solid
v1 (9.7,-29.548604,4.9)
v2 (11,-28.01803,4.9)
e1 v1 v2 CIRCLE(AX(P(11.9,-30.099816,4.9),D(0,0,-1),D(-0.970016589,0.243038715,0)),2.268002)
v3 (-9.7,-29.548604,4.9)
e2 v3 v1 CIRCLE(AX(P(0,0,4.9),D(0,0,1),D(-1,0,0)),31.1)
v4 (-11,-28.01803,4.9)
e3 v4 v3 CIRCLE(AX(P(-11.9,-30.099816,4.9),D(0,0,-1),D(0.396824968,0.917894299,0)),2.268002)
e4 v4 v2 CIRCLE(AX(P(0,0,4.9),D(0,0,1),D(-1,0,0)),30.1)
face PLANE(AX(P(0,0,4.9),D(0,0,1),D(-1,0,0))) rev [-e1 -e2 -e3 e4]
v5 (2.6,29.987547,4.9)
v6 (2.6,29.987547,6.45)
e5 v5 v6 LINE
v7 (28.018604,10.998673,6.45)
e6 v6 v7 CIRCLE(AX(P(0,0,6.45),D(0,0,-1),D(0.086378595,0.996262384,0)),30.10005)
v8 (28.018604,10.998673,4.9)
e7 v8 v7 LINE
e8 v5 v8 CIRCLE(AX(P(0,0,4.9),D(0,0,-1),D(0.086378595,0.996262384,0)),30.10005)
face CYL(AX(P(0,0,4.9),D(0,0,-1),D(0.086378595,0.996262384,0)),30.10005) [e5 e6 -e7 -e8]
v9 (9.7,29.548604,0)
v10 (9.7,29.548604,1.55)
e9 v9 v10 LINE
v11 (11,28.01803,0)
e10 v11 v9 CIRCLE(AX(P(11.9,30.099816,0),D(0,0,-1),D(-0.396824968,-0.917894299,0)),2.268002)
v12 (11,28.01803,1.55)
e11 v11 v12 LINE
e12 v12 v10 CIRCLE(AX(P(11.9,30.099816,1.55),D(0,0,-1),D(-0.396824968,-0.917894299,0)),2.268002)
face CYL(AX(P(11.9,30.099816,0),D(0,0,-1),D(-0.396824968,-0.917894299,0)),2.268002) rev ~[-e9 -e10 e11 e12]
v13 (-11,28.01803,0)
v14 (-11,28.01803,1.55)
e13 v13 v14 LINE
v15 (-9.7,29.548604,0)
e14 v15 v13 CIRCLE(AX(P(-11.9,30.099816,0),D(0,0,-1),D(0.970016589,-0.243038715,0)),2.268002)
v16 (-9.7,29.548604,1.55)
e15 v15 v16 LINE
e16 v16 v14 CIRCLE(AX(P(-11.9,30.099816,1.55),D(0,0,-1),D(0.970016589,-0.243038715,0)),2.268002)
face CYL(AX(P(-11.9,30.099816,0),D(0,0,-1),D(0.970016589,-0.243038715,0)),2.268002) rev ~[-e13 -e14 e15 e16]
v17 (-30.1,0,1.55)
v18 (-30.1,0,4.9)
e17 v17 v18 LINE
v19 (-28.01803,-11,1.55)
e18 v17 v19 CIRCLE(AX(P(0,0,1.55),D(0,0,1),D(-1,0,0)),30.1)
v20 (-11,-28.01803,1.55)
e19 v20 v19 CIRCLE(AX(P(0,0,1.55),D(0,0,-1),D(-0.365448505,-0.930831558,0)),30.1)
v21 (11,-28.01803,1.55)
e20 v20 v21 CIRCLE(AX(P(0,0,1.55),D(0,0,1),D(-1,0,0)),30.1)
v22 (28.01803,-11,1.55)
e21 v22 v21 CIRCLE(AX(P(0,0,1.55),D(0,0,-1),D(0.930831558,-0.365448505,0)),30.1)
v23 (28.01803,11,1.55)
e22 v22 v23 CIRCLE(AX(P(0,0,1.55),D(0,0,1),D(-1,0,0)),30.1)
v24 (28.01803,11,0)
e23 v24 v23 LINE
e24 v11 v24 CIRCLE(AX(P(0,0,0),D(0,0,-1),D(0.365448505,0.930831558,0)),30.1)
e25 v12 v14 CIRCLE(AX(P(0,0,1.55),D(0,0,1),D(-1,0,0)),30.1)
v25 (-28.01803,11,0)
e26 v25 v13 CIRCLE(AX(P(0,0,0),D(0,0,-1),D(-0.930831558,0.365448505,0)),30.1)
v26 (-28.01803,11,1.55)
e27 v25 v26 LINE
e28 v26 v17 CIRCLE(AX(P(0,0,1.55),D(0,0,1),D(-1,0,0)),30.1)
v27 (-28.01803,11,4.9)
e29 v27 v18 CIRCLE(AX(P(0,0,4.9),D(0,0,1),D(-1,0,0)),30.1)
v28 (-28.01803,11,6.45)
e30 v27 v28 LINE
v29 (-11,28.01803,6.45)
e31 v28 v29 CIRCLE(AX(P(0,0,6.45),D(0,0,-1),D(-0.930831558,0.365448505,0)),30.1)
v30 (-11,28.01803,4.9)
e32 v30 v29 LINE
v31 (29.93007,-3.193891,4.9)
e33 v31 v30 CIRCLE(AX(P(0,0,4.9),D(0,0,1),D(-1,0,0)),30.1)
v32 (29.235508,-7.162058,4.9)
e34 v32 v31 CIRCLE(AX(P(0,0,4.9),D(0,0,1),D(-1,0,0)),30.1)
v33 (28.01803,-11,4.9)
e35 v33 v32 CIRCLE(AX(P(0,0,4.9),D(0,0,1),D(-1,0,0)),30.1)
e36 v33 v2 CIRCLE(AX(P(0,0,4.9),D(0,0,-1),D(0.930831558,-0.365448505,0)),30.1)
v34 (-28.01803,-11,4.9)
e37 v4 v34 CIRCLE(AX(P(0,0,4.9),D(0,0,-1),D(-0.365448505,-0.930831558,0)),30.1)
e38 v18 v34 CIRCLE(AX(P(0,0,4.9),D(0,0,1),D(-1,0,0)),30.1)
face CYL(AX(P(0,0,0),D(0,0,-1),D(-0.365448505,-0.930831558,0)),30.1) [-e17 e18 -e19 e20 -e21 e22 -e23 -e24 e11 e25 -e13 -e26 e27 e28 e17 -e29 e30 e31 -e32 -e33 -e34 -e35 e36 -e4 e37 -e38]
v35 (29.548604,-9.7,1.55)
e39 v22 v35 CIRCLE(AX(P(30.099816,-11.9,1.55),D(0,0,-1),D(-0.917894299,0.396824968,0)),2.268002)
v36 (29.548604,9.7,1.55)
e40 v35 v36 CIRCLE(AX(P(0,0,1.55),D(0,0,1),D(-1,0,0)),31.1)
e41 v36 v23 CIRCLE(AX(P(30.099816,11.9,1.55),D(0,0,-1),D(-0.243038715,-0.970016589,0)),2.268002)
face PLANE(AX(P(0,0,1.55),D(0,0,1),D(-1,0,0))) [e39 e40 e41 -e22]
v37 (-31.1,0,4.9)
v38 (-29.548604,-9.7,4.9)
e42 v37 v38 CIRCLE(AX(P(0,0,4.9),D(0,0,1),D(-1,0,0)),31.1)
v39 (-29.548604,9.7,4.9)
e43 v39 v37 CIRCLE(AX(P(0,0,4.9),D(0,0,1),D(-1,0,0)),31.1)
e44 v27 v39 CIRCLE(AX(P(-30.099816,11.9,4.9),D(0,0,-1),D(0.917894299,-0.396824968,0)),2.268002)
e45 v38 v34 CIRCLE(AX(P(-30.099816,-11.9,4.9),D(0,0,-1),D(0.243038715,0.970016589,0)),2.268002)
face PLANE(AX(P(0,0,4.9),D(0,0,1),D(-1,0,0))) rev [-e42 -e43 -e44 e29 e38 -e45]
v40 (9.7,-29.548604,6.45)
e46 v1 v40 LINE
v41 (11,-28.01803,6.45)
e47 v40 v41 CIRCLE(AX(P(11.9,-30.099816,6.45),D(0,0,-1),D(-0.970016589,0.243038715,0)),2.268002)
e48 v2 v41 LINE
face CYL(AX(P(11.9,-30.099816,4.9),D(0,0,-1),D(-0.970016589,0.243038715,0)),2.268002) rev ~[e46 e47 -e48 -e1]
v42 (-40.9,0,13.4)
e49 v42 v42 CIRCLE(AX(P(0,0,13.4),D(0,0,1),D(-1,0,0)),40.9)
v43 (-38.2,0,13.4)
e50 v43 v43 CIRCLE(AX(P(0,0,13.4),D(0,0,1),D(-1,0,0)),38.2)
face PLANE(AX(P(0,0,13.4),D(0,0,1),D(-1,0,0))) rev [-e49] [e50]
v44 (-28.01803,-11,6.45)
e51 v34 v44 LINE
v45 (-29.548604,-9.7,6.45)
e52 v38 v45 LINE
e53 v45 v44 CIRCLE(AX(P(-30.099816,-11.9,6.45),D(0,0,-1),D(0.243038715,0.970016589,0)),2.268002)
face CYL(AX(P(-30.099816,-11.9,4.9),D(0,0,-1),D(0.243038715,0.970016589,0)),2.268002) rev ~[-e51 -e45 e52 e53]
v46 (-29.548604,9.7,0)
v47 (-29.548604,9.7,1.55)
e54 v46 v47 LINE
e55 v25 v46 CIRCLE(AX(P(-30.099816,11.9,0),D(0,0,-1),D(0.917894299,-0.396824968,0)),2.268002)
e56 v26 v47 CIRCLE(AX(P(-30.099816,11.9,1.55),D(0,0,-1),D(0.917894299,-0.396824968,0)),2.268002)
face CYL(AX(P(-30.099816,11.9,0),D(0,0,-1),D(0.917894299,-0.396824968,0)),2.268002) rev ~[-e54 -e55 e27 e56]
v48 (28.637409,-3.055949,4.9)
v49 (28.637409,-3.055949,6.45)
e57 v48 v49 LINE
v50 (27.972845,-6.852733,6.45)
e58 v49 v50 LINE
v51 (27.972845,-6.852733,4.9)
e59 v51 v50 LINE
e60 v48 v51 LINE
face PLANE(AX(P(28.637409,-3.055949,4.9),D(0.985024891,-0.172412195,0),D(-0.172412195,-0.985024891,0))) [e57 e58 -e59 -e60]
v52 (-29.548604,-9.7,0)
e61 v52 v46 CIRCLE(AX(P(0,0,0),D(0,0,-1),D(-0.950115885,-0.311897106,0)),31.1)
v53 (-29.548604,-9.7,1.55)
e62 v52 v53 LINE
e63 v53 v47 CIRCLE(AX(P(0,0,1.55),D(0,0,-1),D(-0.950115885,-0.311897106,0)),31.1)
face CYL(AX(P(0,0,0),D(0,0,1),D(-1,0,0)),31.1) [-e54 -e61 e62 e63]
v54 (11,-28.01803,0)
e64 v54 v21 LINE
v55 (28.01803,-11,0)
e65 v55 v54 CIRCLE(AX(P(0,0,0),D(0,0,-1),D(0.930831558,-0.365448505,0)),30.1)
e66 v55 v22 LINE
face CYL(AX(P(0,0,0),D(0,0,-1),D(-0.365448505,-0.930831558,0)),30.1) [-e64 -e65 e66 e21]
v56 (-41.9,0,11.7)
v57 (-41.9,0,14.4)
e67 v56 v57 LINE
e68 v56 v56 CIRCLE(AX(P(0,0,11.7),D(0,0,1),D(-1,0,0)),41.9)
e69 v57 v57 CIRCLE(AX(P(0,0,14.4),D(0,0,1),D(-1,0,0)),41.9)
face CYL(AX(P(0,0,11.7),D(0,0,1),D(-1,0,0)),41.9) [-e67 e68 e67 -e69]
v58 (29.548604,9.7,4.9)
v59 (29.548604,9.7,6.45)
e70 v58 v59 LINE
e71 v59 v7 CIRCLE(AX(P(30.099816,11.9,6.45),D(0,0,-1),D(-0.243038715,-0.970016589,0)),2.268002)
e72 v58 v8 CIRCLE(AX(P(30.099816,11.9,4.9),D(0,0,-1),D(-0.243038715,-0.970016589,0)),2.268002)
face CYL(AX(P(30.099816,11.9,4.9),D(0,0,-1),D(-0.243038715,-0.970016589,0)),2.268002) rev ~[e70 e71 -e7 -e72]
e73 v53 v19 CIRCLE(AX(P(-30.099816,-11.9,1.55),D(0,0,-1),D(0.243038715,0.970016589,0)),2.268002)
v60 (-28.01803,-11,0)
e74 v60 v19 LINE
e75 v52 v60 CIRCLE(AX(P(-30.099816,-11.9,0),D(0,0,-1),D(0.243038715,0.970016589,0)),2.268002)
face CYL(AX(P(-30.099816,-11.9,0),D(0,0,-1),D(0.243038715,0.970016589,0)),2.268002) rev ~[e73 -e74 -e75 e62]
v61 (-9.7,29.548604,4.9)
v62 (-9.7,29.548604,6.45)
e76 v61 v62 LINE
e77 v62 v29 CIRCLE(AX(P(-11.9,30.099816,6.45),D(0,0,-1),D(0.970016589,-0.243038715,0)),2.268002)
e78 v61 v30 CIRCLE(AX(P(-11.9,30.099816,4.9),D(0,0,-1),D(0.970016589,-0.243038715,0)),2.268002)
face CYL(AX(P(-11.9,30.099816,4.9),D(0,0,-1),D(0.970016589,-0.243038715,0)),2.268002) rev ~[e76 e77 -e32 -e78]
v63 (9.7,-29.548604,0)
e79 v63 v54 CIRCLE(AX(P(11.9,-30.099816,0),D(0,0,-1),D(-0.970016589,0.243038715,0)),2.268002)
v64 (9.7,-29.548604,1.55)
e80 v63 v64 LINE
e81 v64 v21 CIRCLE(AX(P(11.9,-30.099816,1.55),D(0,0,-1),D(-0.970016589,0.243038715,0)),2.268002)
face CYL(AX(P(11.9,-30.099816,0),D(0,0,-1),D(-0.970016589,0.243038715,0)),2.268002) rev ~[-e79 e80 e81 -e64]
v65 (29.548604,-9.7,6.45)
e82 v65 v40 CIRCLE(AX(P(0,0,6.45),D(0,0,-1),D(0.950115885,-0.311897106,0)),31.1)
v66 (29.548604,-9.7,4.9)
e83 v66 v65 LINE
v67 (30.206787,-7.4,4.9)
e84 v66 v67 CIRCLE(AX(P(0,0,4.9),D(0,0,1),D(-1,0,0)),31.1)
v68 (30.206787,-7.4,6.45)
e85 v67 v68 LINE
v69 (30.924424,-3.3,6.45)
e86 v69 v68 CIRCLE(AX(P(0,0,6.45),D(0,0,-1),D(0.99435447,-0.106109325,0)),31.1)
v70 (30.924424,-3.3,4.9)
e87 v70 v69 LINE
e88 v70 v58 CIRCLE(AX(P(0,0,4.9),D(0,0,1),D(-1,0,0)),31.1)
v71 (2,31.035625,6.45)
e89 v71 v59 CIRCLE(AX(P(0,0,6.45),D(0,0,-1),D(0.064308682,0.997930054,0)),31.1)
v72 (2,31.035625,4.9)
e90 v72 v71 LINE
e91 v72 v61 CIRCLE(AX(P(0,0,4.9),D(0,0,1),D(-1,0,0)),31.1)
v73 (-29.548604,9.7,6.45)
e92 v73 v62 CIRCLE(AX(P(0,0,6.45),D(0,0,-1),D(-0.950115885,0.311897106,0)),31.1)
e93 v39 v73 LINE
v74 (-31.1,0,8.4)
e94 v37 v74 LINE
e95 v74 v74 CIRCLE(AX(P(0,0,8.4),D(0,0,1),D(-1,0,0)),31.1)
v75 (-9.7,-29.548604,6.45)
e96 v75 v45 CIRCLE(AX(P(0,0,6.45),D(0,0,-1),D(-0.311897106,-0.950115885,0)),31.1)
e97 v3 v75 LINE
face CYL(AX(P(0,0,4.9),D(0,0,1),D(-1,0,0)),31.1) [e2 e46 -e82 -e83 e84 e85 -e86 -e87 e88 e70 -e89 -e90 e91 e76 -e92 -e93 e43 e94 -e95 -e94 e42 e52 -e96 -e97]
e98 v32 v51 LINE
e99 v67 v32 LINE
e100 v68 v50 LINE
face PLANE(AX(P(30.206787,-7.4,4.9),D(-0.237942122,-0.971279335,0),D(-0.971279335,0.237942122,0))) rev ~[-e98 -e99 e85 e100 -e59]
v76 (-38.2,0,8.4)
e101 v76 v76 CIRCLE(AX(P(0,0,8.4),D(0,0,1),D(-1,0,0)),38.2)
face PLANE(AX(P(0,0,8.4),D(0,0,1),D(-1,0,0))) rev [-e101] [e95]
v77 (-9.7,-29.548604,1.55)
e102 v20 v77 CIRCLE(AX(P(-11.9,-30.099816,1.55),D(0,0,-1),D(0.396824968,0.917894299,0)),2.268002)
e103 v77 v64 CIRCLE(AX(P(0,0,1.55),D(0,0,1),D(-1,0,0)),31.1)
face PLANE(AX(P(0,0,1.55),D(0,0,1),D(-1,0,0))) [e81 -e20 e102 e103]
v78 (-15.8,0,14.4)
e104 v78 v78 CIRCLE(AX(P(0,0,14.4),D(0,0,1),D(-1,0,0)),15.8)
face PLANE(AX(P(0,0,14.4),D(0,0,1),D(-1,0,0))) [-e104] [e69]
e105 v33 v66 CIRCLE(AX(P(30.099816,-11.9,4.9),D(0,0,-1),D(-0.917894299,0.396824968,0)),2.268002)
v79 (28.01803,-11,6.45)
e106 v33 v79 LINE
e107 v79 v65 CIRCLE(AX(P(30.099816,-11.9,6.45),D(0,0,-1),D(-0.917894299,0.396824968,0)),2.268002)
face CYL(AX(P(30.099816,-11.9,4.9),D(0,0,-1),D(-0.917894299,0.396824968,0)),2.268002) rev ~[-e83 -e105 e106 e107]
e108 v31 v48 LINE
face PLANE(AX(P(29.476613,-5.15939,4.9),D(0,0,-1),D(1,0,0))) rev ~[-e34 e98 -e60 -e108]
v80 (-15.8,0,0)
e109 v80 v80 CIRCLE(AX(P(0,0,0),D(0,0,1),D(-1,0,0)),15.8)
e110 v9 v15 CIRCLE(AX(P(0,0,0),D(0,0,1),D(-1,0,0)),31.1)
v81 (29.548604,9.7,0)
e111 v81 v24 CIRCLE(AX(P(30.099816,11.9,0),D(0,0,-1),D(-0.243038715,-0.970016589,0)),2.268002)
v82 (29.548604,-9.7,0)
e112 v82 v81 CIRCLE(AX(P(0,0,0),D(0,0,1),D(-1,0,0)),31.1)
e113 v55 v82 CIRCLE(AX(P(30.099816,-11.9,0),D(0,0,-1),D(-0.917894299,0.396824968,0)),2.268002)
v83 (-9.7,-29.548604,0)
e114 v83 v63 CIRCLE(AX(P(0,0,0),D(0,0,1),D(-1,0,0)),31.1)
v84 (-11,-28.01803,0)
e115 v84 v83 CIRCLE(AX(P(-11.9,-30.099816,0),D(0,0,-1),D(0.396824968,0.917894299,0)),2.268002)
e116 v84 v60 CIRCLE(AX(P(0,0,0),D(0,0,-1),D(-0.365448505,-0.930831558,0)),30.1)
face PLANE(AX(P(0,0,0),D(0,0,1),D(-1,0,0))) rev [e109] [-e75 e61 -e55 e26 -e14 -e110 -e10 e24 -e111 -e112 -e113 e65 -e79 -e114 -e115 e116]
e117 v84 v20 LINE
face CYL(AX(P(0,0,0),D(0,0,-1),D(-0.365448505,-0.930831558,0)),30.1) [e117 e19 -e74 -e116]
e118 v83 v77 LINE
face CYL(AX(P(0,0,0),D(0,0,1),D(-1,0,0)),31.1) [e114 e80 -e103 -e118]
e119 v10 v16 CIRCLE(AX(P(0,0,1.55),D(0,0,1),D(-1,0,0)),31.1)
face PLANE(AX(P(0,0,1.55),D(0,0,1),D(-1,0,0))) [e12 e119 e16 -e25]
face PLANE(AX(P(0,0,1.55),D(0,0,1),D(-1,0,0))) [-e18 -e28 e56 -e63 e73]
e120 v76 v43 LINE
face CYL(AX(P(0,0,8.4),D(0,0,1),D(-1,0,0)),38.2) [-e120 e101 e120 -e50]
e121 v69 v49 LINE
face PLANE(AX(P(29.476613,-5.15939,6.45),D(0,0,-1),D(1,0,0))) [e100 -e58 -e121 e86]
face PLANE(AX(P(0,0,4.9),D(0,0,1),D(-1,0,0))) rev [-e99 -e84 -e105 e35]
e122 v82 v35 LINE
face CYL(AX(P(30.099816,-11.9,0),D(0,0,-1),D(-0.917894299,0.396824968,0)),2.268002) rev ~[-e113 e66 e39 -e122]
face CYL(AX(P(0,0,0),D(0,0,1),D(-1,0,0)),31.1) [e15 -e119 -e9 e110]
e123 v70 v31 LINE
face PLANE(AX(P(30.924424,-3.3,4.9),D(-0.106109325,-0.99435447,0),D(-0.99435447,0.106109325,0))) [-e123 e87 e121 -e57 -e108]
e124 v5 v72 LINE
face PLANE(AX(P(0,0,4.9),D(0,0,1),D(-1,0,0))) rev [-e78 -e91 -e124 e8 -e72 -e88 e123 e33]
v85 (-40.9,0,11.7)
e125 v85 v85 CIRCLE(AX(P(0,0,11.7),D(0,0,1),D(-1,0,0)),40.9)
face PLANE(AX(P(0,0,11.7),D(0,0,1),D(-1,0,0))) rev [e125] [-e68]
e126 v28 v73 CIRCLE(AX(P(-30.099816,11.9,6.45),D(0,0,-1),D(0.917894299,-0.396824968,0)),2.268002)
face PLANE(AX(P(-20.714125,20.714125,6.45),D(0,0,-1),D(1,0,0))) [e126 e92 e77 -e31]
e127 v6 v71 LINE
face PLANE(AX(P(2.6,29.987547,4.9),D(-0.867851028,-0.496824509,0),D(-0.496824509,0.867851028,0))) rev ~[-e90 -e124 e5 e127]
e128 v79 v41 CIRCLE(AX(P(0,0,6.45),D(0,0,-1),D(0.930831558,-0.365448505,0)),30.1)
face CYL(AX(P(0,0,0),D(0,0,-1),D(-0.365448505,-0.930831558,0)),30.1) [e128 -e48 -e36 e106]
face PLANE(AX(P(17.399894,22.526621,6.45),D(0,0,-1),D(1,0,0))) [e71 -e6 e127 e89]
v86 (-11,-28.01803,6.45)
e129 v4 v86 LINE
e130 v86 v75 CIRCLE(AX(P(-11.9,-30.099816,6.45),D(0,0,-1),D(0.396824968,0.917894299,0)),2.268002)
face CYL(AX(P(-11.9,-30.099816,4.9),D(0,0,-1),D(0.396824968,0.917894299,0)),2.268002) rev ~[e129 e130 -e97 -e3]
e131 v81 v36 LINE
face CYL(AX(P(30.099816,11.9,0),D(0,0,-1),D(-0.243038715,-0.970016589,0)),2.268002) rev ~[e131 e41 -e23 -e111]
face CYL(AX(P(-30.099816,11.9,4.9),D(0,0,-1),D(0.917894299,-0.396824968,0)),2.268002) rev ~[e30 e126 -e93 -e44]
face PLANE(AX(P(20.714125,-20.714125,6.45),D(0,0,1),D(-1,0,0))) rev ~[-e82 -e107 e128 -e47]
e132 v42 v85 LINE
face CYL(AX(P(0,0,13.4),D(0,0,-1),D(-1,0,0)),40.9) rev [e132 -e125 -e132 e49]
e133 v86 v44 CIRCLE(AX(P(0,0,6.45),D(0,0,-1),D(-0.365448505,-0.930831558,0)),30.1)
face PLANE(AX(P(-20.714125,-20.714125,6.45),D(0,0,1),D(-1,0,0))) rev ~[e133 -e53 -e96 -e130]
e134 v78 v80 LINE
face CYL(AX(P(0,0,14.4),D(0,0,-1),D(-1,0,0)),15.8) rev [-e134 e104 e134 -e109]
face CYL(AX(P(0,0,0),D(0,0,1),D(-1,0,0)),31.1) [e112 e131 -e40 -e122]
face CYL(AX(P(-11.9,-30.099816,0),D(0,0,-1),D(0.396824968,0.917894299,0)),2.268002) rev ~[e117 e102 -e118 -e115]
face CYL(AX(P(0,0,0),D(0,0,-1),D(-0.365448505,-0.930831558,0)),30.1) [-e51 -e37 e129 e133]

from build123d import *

# Parameters (mm, degrees)
POCKET_DEPTH    = 1.55
POCKET001_DEPTH = 1.55


with BuildPart() as part:
    # Sketch → Revolution (revolve)
    with BuildSketch(Plane.XZ):
        Polygon((-15.8, 14.4), (-15.8, 0), (-31.1, 0), (-31.1, 1.55), (-30.1, 1.55), (-30.1, 4.9), (-31.1, 4.9), (-31.1, 8.4), (-38.2, 8.4), (-38.2, 13.4), (-40.9, 13.4), (-40.9, 11.7), (-41.9, 11.7), (-41.9, 14.4), align=None)
    revolve(axis=Axis((0, 0, 0), (0, 0, 1)))

    # Sketch001 (on Face2 of Revolution) → Pocket (cut)
    with BuildSketch(Plane(origin=(0, 0, 0), x_dir=(1, 0, 0), z_dir=(0, 0, -1))):
        with BuildLine():
            ThreePointArc((9.7, 29.5486040279), (10.1713692462, 28.6315961358), (11, 28.0180299093))
            ThreePointArc((28.0180299093, 11), (21.2839141137, 21.2839141137), (11, 28.0180299093))
            ThreePointArc((28.0180299093, 11), (28.6315961358, 10.1713692462), (29.5486040279, 9.7))
            ThreePointArc((29.5486040279, 9.7), (21.9910208949, 21.9910208949), (9.7, 29.5486040279))
        make_face()
        with BuildLine():
            ThreePointArc((-11, 28.0180299093), (-21.2839141137, 21.2839141137), (-28.0180299093, 11))
            ThreePointArc((-29.5486040279, 9.7), (-28.6315961358, 10.1713692462), (-28.0180299093, 11))
            ThreePointArc((-9.7, 29.5486040279), (-21.9910208949, 21.9910208949), (-29.5486040279, 9.7))
            ThreePointArc((-11, 28.0180299093), (-10.1713692462, 28.6315961358), (-9.7, 29.5486040279))
        make_face()
        with BuildLine():
            ThreePointArc((-28.0180299093, -11), (-21.2839141137, -21.2839141137), (-11, -28.0180299093))
            ThreePointArc((-9.7, -29.5486040279), (-10.1713692462, -28.6315961358), (-11, -28.0180299093))
            ThreePointArc((-29.5486040279, -9.7), (-21.9910208949, -21.9910208949), (-9.7, -29.5486040279))
            ThreePointArc((-28.0180299093, -11), (-28.6315961358, -10.1713692462), (-29.5486040279, -9.7))
        make_face()
        with BuildLine():
            ThreePointArc((11, -28.0180299093), (21.2839141137, -21.2839141137), (28.0180299093, -11))
            ThreePointArc((29.5486040279, -9.7), (28.6315961358, -10.1713692462), (28.0180299093, -11))
            ThreePointArc((9.7, -29.5486040279), (21.9910208949, -21.9910208949), (29.5486040279, -9.7))
            ThreePointArc((11, -28.0180299093), (10.1713692462, -28.6315961358), (9.7, -29.5486040279))
        make_face()
    extrude(amount=-POCKET_DEPTH, mode=Mode.SUBTRACT)

    # Sketch002 (on Face29 of Pocket) → Pocket001 (cut)
    with BuildSketch(Plane(origin=(0, 0, 4.9), x_dir=(1, 0, 0), z_dir=(0, 0, -1))):
        with BuildLine():
            ThreePointArc((28.0180299093, 11), (21.2839141137, 21.2839141137), (11, 28.0180299093))
            ThreePointArc((9.7, 29.5486040279), (10.1713692462, 28.6315961358), (11, 28.0180299093))
            ThreePointArc((29.5486040279, 9.7), (21.9910208949, 21.9910208949), (9.7, 29.5486040279))
            ThreePointArc((28.0180299093, 11), (28.6315961358, 10.1713692462), (29.5486040279, 9.7))
        make_face()
        with BuildLine():
            ThreePointArc((30.9244240043, 3.3), (30.6342740961, 5.3620192655), (30.2067873168, 7.4))
            Line((30.2067873168, 7.4), (27.9728448464, 6.852733119))
            Line((28.6374087243, 3.0559485531), (27.9728448464, 6.852733119))
            Line((30.9244240043, 3.3), (28.6374087243, 3.0559485531))
        make_face()
        with BuildLine():
            ThreePointArc((29.5486040279, -9.7), (28.6321471593, -10.170901383), (28.0186040279, -10.9986731696))
            ThreePointArc((2.6, -29.9875471349), (18.0144126125, -24.1141850659), (28.0186040279, -10.9986731696))
            Line((2.6, -29.9875471349), (2, -31.0356246916))
            ThreePointArc((2, -31.0356246916), (19.0428680685, -24.5881917946), (29.5486040279, -9.7))
        make_face()
        with BuildLine():
            ThreePointArc((-9.7, -29.5486040279), (-10.1713692462, -28.6315961358), (-11, -28.0180299093))
            ThreePointArc((-28.0180299093, -11), (-21.2839141137, -21.2839141137), (-11, -28.0180299093))
            ThreePointArc((-28.0180299093, -11), (-28.6315961358, -10.1713692462), (-29.5486040279, -9.7))
            ThreePointArc((-29.5486040279, -9.7), (-21.9910208949, -21.9910208949), (-9.7, -29.5486040279))
        make_face()
        with BuildLine():
            ThreePointArc((-11, 28.0180299093), (-21.2839141137, 21.2839141137), (-28.0180299093, 11))
            ThreePointArc((-29.5486040279, 9.7), (-28.6315961358, 10.1713692462), (-28.0180299093, 11))
            ThreePointArc((-9.7, 29.5486040279), (-21.9910208949, 21.9910208949), (-29.5486040279, 9.7))
            ThreePointArc((-11, 28.0180299093), (-10.1713692462, 28.6315961358), (-9.7, 29.5486040279))
        make_face()
    extrude(amount=-POCKET001_DEPTH, mode=Mode.SUBTRACT)


solid = part.part
